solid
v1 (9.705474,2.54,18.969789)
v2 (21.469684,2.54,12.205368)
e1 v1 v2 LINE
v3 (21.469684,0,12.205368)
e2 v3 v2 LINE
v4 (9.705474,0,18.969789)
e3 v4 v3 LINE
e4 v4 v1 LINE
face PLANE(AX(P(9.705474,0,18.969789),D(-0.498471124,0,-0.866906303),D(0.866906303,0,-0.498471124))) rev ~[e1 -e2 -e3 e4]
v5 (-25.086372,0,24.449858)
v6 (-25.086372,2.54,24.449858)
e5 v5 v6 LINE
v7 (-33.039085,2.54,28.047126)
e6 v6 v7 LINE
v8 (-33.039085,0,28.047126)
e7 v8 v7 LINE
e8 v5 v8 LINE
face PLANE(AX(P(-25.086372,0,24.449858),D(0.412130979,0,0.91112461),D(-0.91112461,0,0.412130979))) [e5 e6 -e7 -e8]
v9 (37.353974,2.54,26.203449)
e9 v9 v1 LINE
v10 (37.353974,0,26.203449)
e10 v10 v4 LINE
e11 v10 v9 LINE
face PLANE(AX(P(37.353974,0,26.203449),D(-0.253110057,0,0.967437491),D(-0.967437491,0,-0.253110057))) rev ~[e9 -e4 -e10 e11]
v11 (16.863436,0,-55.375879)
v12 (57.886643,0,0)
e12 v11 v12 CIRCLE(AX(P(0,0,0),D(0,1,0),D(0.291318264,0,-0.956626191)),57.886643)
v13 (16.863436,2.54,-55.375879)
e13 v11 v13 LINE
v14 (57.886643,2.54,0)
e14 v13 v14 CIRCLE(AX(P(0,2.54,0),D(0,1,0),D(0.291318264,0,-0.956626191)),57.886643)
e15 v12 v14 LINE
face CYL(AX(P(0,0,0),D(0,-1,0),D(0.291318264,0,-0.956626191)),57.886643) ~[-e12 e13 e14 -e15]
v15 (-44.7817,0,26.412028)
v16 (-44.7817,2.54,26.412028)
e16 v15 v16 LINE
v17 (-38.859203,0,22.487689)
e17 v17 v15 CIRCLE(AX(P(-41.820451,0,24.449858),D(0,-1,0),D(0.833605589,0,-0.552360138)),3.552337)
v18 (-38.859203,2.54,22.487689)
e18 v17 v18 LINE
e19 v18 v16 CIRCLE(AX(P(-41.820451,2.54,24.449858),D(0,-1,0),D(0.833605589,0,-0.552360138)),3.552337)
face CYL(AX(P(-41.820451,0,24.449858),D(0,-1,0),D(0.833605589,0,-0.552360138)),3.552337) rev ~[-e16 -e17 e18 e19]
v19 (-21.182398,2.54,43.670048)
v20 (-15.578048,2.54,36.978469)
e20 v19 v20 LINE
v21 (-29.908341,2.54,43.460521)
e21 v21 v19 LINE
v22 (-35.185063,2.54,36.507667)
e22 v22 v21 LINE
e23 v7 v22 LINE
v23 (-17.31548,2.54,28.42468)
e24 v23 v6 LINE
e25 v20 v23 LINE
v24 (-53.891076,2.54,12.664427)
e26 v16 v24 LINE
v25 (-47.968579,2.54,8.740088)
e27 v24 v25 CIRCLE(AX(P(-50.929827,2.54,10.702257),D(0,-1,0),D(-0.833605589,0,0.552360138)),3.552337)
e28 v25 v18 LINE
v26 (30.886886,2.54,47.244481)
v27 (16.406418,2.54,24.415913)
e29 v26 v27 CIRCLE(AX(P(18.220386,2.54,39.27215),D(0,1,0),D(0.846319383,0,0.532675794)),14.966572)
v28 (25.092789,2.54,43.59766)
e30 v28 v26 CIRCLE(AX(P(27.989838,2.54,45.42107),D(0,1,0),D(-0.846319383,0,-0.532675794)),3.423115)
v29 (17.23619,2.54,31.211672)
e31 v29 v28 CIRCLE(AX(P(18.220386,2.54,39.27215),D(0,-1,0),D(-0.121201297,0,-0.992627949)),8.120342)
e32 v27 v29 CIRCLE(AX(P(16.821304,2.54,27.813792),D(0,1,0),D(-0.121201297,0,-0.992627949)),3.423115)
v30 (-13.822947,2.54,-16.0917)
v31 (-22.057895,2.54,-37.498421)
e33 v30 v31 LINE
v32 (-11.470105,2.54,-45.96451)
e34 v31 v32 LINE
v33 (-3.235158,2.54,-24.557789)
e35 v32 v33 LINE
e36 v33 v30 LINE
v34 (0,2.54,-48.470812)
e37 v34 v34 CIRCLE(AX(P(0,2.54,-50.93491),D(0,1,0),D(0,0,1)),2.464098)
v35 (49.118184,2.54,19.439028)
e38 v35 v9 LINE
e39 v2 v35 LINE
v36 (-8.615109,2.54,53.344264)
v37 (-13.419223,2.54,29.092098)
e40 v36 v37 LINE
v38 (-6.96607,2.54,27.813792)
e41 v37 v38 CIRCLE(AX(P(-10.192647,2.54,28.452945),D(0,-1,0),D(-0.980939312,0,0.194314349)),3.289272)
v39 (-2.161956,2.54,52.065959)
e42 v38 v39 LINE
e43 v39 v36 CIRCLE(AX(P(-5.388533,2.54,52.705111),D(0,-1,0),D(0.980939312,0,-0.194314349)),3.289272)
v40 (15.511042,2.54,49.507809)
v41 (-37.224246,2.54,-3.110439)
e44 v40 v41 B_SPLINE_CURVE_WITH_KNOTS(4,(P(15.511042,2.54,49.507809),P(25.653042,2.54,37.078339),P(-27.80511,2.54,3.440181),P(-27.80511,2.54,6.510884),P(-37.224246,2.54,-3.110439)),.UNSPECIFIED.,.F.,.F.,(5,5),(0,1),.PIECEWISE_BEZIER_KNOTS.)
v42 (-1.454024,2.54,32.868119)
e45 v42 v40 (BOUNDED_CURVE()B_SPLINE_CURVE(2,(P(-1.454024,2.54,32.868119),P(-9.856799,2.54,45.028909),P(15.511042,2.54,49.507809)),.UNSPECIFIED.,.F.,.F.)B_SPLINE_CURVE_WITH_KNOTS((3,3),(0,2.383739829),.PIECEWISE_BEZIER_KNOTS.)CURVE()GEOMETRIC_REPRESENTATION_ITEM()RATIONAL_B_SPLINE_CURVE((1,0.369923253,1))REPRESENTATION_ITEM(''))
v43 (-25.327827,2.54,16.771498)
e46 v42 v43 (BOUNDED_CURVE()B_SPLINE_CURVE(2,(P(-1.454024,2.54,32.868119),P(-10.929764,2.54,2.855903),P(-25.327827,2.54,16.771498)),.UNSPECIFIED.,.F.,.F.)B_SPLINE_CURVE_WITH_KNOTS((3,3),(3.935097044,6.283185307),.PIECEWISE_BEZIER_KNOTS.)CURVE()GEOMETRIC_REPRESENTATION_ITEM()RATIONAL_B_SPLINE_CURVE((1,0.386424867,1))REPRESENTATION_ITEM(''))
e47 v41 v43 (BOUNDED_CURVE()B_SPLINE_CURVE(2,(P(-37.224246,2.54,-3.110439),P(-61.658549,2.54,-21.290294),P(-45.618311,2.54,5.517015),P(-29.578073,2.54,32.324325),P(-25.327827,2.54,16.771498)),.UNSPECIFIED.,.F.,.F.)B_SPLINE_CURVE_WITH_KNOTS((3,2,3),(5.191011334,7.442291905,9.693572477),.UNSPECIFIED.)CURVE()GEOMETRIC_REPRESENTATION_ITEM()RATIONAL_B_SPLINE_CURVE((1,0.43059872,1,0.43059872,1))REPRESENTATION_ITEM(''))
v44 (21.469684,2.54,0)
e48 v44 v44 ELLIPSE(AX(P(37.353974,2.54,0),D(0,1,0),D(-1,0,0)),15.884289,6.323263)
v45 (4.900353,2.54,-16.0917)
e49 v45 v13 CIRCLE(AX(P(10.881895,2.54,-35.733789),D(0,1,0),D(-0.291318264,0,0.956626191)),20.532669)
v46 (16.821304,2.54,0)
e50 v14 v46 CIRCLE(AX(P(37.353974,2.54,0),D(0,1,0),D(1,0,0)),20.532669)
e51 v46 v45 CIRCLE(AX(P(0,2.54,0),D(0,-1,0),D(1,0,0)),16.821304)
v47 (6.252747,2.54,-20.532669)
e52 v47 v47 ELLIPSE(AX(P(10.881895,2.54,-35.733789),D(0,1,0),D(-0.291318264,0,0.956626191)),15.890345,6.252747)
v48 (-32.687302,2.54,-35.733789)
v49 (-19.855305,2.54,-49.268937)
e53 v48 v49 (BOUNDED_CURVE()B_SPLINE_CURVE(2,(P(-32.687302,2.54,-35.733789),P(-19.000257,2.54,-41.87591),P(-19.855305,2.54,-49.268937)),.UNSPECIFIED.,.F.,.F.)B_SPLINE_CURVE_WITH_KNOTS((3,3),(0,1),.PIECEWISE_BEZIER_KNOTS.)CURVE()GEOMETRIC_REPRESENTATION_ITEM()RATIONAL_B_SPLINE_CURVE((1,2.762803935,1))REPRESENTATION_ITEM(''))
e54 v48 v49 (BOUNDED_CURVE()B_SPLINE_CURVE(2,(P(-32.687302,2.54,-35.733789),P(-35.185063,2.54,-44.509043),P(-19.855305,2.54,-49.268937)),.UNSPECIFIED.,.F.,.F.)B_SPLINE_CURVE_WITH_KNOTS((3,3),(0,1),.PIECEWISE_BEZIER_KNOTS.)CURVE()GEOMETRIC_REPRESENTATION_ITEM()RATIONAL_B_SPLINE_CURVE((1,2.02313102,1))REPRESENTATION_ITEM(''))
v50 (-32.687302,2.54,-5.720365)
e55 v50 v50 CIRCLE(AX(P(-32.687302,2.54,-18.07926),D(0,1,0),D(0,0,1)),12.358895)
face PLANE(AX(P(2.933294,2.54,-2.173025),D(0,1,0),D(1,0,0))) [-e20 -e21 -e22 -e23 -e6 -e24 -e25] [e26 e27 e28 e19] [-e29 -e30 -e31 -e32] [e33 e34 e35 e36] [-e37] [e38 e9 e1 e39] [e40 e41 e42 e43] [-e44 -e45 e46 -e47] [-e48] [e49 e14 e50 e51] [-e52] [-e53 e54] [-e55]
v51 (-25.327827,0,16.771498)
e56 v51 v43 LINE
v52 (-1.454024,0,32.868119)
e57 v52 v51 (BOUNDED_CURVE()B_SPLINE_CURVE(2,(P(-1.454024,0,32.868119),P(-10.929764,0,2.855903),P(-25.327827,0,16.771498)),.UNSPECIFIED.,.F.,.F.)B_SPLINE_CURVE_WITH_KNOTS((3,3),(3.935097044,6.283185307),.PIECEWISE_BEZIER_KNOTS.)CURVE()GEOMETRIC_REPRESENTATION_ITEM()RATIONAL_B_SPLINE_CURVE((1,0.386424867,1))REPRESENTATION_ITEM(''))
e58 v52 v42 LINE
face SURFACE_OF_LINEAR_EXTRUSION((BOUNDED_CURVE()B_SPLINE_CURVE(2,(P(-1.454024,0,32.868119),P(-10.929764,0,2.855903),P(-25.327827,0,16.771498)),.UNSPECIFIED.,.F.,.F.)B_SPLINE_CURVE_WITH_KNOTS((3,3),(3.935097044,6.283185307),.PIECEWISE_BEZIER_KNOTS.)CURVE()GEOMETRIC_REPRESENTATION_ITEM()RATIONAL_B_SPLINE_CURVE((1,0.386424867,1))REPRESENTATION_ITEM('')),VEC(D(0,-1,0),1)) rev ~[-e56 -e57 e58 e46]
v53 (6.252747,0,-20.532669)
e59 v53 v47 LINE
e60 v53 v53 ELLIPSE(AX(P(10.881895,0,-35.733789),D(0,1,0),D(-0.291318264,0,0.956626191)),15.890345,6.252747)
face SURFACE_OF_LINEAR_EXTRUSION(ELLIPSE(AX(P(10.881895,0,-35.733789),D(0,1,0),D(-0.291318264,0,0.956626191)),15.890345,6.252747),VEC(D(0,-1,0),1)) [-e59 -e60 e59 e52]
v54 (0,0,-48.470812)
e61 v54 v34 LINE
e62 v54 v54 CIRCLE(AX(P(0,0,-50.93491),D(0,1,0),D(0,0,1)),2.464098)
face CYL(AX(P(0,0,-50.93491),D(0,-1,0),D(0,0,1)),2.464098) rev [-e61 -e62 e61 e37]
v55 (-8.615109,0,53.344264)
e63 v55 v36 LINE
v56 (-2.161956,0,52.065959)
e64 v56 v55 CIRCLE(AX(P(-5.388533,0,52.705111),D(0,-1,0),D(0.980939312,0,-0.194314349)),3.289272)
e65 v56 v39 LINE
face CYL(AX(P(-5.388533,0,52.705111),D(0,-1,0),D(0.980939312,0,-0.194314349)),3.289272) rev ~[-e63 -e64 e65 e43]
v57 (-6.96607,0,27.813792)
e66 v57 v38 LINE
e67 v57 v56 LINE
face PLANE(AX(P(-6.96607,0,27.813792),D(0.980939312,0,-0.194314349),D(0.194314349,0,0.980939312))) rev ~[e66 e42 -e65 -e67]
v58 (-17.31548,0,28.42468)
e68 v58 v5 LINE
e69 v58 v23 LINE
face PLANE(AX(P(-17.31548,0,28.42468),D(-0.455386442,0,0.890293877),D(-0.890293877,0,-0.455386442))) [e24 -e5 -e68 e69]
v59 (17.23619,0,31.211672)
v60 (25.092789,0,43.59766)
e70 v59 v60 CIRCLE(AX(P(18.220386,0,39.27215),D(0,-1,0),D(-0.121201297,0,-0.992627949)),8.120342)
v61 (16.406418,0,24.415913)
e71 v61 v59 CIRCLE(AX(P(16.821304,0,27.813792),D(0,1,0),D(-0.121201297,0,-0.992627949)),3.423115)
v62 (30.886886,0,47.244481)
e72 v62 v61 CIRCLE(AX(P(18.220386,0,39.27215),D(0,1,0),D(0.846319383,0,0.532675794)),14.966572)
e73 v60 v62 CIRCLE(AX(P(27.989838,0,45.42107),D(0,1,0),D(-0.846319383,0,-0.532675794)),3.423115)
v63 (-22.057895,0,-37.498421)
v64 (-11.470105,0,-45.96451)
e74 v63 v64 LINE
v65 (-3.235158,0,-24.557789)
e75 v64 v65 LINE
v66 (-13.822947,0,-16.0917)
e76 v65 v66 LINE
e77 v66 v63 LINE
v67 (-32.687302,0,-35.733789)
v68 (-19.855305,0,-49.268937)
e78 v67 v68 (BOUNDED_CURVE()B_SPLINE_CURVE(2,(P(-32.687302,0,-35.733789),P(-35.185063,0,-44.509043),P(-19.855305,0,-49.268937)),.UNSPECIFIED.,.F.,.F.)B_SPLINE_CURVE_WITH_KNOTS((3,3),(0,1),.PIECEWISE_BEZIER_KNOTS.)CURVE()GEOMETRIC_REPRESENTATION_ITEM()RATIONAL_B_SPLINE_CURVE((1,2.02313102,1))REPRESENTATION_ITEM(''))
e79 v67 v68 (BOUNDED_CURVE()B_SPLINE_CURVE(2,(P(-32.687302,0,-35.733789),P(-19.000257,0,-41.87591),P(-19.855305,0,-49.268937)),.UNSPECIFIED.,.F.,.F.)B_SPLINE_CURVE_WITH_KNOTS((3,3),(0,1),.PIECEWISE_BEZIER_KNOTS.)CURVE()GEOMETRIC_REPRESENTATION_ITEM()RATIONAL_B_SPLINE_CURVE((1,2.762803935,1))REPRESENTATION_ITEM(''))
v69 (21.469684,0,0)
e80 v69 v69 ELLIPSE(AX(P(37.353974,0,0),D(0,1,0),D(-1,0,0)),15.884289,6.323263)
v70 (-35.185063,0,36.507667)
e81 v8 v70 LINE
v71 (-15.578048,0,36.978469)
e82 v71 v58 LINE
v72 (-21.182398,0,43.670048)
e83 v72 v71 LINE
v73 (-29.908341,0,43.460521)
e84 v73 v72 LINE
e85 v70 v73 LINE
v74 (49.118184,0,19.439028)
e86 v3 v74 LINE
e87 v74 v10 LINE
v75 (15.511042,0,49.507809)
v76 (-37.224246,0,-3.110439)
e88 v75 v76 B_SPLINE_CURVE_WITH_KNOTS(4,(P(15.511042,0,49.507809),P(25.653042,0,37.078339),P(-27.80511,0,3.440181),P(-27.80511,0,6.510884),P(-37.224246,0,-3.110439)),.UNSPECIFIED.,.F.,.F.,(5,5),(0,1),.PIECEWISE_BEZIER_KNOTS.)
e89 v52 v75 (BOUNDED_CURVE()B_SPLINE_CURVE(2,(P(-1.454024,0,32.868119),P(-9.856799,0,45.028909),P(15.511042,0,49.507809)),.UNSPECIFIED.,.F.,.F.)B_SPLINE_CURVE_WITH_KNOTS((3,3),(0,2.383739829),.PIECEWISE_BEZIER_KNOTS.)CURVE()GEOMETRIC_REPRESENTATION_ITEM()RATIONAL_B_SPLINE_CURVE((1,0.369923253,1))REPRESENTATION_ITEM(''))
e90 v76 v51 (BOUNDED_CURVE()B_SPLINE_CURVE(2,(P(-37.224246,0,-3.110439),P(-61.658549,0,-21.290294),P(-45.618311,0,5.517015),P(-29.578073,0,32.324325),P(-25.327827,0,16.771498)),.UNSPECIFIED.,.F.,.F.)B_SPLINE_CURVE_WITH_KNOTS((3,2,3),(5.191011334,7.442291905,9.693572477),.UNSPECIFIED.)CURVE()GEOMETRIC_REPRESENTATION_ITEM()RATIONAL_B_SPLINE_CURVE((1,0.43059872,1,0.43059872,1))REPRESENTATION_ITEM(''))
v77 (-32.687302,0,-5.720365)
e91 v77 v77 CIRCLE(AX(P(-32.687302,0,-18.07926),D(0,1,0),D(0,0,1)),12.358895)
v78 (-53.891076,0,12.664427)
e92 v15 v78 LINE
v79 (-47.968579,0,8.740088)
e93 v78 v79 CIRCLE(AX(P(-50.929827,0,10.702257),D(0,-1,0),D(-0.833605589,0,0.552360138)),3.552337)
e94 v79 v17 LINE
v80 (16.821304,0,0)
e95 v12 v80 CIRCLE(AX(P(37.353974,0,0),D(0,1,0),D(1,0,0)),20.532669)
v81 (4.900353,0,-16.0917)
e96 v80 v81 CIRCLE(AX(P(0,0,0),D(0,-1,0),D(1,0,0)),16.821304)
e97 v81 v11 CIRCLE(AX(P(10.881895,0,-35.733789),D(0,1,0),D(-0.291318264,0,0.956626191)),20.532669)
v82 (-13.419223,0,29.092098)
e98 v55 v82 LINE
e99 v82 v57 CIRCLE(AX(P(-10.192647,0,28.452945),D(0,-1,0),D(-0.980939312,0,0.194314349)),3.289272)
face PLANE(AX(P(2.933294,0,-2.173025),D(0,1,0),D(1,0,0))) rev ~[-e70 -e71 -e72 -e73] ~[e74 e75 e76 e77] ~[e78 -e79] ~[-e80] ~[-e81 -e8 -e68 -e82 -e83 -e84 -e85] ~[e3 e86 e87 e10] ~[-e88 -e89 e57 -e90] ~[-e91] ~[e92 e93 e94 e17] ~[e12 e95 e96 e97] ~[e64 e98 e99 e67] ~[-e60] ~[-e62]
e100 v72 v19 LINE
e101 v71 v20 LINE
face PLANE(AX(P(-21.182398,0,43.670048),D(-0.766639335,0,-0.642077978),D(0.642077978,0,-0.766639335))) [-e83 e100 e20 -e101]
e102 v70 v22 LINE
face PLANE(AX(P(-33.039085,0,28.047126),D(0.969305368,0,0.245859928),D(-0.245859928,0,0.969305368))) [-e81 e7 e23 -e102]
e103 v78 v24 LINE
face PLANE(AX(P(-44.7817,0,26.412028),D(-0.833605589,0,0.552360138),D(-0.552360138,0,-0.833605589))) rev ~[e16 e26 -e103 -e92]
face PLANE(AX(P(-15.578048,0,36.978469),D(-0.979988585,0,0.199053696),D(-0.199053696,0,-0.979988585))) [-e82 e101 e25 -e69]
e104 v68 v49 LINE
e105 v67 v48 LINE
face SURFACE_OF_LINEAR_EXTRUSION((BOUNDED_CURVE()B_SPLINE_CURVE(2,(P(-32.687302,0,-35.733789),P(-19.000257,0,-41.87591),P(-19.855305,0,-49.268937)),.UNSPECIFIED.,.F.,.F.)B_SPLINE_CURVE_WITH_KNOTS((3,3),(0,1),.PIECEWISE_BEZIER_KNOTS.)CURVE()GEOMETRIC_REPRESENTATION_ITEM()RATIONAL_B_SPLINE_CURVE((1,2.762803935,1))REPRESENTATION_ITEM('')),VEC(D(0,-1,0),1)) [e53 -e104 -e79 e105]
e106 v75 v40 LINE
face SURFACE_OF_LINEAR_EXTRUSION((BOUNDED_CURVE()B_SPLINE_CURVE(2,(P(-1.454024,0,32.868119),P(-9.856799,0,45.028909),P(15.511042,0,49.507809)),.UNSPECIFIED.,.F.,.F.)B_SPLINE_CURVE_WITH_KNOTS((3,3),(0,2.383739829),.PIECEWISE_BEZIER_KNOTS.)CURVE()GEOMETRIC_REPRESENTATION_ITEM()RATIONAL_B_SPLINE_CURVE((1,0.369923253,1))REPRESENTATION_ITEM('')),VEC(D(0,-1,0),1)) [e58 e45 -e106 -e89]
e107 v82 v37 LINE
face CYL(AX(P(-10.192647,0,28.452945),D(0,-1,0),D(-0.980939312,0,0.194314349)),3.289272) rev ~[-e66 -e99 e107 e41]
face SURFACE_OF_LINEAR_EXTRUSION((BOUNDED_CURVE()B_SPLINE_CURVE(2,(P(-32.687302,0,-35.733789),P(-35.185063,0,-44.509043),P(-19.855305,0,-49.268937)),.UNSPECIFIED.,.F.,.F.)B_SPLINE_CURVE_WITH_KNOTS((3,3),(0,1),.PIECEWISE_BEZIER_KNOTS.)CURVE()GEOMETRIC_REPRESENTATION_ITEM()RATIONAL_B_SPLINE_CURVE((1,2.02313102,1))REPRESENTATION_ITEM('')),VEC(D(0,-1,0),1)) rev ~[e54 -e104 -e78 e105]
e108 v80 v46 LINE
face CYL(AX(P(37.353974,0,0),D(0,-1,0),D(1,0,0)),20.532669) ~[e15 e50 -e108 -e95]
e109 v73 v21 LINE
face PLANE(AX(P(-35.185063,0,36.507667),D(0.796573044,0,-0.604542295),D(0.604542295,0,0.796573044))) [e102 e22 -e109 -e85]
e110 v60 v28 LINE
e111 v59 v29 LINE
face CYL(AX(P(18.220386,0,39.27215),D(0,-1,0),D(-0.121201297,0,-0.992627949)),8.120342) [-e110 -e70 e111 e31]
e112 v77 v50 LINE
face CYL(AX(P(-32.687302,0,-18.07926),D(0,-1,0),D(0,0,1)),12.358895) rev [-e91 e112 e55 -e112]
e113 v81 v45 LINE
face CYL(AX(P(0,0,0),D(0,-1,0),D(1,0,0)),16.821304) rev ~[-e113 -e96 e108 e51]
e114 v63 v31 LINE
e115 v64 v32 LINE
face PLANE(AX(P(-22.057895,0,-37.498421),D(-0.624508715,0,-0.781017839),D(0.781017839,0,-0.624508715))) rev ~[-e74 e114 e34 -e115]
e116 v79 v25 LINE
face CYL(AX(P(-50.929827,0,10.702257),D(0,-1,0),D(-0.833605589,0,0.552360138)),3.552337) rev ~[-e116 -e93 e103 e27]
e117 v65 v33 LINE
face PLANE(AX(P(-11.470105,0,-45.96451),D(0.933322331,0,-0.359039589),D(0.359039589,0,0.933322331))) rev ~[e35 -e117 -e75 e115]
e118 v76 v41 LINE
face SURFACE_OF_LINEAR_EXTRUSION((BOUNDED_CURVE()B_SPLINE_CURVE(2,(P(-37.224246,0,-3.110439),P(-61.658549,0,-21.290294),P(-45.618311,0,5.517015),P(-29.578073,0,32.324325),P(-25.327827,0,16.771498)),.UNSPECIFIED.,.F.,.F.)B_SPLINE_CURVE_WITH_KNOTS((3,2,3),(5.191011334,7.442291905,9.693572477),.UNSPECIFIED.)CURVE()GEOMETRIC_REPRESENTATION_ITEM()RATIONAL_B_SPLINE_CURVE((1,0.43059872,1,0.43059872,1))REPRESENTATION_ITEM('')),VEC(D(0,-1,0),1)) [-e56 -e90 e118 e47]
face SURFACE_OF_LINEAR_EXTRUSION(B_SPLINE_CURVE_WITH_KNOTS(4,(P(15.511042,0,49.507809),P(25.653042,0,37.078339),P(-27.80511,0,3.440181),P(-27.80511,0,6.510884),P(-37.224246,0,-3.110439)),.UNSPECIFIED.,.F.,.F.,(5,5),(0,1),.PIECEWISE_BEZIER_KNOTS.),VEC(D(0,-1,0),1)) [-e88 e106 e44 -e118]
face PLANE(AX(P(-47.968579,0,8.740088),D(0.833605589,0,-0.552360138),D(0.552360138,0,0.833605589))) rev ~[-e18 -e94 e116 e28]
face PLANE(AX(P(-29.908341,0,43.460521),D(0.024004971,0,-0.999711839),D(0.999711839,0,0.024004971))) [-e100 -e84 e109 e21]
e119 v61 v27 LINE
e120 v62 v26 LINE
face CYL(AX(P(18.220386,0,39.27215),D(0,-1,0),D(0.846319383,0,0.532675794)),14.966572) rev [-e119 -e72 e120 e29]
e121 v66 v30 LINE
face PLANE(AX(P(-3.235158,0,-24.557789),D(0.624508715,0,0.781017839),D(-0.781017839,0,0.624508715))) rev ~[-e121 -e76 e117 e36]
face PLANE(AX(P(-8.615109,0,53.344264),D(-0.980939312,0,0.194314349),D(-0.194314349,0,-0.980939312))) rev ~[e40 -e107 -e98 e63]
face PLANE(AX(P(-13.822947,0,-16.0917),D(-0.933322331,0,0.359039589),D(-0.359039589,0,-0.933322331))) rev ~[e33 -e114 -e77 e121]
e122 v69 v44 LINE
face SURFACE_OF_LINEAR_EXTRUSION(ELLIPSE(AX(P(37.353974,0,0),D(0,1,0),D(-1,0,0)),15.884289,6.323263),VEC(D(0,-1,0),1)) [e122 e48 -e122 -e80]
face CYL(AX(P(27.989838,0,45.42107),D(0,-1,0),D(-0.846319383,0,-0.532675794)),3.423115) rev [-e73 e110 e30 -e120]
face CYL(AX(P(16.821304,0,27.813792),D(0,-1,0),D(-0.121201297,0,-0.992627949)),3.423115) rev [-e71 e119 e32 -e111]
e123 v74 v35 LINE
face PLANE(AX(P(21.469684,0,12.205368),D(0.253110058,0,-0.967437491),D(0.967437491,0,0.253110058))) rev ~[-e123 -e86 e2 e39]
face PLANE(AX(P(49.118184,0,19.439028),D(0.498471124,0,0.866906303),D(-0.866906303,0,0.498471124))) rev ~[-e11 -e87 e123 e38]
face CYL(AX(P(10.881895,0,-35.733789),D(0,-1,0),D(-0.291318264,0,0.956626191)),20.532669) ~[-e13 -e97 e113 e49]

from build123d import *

# Parameters (mm, degrees)
SKETCH3_R           = 12.358895311
SKETCH3_R_2         = 2.464097651
SKETCH3_RX          = 15.890344847
SKETCH3_RY          = 6.252747063
SKETCH3_RX_2        = 15.884289383
SKETCH3_RY_2        = 6.323263158
BOSS_EXTRUDE3_DEPTH = 2.54


with BuildPart() as part:
    # Sketch3 → Boss-Extrude3 (new body)
    with BuildSketch(Plane(origin=(0, 0, 0), x_dir=(1, 0, 0), z_dir=(0, 1, 0))):
        with BuildLine():
            ThreePointArc((16.863436343, 55.375878801), (-46.513606384, -34.457914322), (57.886643004, 0))
            ThreePointArc((57.886643004, 0), (37.353973593, 20.532669411), (16.821304183, 0))
            ThreePointArc((16.821304183, 0), (-13.51640864, -10.013139962), (4.900353131, 16.091700146))
            ThreePointArc((4.900353131, 16.091700146), (30.523984064, 29.752247868), (16.863436343, 55.375878801))
        make_face()
        with Locations(Location((-32.68730189, 18.079259895, 0), (0, 0, 270))):
            Circle(SKETCH3_R, mode=Mode.SUBTRACT)
        with Locations(Location((0, 50.934909537, 0), (0, 0, 270))):
            Circle(SKETCH3_R_2, mode=Mode.SUBTRACT)
        with Locations(Location((10.881894737, 35.733789474), (0, 0, -106.936895049))):
            Ellipse(SKETCH3_RX, SKETCH3_RY, mode=Mode.SUBTRACT)
        with Locations(Location((37.353973593, 0), (0, 0, 180))):
            Ellipse(SKETCH3_RX_2, SKETCH3_RY_2, mode=Mode.SUBTRACT)
        Polygon((-11.470105263, 45.96451038), (-3.235157895, 24.557789474), (-13.822947368, 16.091700146), (-22.057894737, 37.498421053), align=None, mode=Mode.SUBTRACT)
        Polygon((21.469684211, -12.205368421), (49.11818412, -19.439027927), (37.353973593, -26.203448979), (9.705473684, -18.969789474), align=None, mode=Mode.SUBTRACT)
        Polygon((-17.315479632, -28.424679662), (-25.08637222, -24.449858293), (-33.039084983, -28.047126178), (-35.185063006, -36.507667228), (-29.908341066, -43.46052147), (-21.18239841, -43.670047846), (-15.578047835, -36.978468722), align=None, mode=Mode.SUBTRACT)
        with BuildLine():
            Line((-44.781699634, -26.412027794), (-53.891075692, -12.664426795))
            ThreePointArc((-53.891075692, -12.664426795), (-52.891997, -7.741009102), (-47.968579306, -8.740087794))
            Line((-47.968579306, -8.740087794), (-38.859203248, -22.487688793))
            ThreePointArc((-38.859203248, -22.487688793), (-39.85828194, -27.411106486), (-44.781699634, -26.412027794))
        make_face(mode=Mode.SUBTRACT)
        with BuildLine():
            Line((-6.966070099, -27.813792225), (-2.161956477, -52.065958521))
            ThreePointArc((-2.161956477, -52.065958521), (-4.749380107, -55.931687729), (-8.615109315, -53.344264099))
            Line((-8.615109315, -53.344264099), (-13.419222937, -29.092097803))
            ThreePointArc((-13.419222937, -29.092097803), (-10.831799307, -25.226368595), (-6.966070099, -27.813792225))
        make_face(mode=Mode.SUBTRACT)
        with BuildLine():
            ThreePointArc((30.886886149, -47.244480889), (30.858829329, -31.255415741), (16.406418198, -24.415912541))
            ThreePointArc((16.406418198, -24.415912541), (13.423424498, -28.22867821), (17.236190167, -31.21167191))
            ThreePointArc((17.236190167, -31.21167191), (25.077566237, -34.922548678), (25.092788893, -43.597659821))
            ThreePointArc((25.092788893, -43.597659821), (26.166426987, -48.318118983), (30.886886149, -47.244480889))
        make_face(mode=Mode.SUBTRACT)
        with BuildLine():
            add(Edge.make_bspline(
                [(-37.224246313, 3.110438823), (-61.658549034, 21.290294434), (-45.618310828, -5.517015367), (-29.578072621, -32.324325169), (-25.327826736, -16.771498154)],
                knots=[5.191011334, 5.191011334, 5.191011334, 7.442291905, 7.442291905, 9.693572477, 9.693572477, 9.693572477], degree=2, weights=[1, 0.43059872, 1, 0.43059872, 1]))
            add(Edge.make_bspline(
                [(-1.454023545, -32.868118691), (-10.929764001, -2.855902976), (-25.327826736, -16.771498154)],
                knots=[3.935097044, 3.935097044, 3.935097044, 6.283185307, 6.283185307, 6.283185307], degree=2, weights=[1, 0.386424867, 1]))
            add(Edge.make_bspline(
                [(-1.454023545, -32.868118691), (-9.856799006, -45.028908521), (15.51104241, -49.507809486)],
                knots=[0, 0, 0, 2.383739829, 2.383739829, 2.383739829], degree=2, weights=[1, 0.369923253, 1]))
            add(Edge.make_bspline(
                [(15.51104241, -49.507809486), (25.653042134, -37.078339164), (-27.805109675, -3.440180976), (-27.805109675, -6.510884213), (-37.224246313, 3.110438823)],
                knots=[0, 0, 0, 0, 0, 1, 1, 1, 1, 1], degree=4))
        make_face(mode=Mode.SUBTRACT)
        with BuildLine():
            add(Edge.make_bspline(
                [(-32.68730189, 35.733789474), (-35.185063006, 44.509042558), (-19.85530503, 49.26893673)],
                knots=[0, 0, 0, 1, 1, 1], degree=2, weights=[1, 2.02313102, 1]))
            add(Edge.make_bspline(
                [(-32.68730189, 35.733789474), (-19.000257161, 41.875909611), (-19.85530503, 49.26893673)],
                knots=[0, 0, 0, 1, 1, 1], degree=2, weights=[1, 2.762803935, 1]))
        make_face(mode=Mode.SUBTRACT)
    extrude(amount=BOSS_EXTRUDE3_DEPTH)


solid = part.part
